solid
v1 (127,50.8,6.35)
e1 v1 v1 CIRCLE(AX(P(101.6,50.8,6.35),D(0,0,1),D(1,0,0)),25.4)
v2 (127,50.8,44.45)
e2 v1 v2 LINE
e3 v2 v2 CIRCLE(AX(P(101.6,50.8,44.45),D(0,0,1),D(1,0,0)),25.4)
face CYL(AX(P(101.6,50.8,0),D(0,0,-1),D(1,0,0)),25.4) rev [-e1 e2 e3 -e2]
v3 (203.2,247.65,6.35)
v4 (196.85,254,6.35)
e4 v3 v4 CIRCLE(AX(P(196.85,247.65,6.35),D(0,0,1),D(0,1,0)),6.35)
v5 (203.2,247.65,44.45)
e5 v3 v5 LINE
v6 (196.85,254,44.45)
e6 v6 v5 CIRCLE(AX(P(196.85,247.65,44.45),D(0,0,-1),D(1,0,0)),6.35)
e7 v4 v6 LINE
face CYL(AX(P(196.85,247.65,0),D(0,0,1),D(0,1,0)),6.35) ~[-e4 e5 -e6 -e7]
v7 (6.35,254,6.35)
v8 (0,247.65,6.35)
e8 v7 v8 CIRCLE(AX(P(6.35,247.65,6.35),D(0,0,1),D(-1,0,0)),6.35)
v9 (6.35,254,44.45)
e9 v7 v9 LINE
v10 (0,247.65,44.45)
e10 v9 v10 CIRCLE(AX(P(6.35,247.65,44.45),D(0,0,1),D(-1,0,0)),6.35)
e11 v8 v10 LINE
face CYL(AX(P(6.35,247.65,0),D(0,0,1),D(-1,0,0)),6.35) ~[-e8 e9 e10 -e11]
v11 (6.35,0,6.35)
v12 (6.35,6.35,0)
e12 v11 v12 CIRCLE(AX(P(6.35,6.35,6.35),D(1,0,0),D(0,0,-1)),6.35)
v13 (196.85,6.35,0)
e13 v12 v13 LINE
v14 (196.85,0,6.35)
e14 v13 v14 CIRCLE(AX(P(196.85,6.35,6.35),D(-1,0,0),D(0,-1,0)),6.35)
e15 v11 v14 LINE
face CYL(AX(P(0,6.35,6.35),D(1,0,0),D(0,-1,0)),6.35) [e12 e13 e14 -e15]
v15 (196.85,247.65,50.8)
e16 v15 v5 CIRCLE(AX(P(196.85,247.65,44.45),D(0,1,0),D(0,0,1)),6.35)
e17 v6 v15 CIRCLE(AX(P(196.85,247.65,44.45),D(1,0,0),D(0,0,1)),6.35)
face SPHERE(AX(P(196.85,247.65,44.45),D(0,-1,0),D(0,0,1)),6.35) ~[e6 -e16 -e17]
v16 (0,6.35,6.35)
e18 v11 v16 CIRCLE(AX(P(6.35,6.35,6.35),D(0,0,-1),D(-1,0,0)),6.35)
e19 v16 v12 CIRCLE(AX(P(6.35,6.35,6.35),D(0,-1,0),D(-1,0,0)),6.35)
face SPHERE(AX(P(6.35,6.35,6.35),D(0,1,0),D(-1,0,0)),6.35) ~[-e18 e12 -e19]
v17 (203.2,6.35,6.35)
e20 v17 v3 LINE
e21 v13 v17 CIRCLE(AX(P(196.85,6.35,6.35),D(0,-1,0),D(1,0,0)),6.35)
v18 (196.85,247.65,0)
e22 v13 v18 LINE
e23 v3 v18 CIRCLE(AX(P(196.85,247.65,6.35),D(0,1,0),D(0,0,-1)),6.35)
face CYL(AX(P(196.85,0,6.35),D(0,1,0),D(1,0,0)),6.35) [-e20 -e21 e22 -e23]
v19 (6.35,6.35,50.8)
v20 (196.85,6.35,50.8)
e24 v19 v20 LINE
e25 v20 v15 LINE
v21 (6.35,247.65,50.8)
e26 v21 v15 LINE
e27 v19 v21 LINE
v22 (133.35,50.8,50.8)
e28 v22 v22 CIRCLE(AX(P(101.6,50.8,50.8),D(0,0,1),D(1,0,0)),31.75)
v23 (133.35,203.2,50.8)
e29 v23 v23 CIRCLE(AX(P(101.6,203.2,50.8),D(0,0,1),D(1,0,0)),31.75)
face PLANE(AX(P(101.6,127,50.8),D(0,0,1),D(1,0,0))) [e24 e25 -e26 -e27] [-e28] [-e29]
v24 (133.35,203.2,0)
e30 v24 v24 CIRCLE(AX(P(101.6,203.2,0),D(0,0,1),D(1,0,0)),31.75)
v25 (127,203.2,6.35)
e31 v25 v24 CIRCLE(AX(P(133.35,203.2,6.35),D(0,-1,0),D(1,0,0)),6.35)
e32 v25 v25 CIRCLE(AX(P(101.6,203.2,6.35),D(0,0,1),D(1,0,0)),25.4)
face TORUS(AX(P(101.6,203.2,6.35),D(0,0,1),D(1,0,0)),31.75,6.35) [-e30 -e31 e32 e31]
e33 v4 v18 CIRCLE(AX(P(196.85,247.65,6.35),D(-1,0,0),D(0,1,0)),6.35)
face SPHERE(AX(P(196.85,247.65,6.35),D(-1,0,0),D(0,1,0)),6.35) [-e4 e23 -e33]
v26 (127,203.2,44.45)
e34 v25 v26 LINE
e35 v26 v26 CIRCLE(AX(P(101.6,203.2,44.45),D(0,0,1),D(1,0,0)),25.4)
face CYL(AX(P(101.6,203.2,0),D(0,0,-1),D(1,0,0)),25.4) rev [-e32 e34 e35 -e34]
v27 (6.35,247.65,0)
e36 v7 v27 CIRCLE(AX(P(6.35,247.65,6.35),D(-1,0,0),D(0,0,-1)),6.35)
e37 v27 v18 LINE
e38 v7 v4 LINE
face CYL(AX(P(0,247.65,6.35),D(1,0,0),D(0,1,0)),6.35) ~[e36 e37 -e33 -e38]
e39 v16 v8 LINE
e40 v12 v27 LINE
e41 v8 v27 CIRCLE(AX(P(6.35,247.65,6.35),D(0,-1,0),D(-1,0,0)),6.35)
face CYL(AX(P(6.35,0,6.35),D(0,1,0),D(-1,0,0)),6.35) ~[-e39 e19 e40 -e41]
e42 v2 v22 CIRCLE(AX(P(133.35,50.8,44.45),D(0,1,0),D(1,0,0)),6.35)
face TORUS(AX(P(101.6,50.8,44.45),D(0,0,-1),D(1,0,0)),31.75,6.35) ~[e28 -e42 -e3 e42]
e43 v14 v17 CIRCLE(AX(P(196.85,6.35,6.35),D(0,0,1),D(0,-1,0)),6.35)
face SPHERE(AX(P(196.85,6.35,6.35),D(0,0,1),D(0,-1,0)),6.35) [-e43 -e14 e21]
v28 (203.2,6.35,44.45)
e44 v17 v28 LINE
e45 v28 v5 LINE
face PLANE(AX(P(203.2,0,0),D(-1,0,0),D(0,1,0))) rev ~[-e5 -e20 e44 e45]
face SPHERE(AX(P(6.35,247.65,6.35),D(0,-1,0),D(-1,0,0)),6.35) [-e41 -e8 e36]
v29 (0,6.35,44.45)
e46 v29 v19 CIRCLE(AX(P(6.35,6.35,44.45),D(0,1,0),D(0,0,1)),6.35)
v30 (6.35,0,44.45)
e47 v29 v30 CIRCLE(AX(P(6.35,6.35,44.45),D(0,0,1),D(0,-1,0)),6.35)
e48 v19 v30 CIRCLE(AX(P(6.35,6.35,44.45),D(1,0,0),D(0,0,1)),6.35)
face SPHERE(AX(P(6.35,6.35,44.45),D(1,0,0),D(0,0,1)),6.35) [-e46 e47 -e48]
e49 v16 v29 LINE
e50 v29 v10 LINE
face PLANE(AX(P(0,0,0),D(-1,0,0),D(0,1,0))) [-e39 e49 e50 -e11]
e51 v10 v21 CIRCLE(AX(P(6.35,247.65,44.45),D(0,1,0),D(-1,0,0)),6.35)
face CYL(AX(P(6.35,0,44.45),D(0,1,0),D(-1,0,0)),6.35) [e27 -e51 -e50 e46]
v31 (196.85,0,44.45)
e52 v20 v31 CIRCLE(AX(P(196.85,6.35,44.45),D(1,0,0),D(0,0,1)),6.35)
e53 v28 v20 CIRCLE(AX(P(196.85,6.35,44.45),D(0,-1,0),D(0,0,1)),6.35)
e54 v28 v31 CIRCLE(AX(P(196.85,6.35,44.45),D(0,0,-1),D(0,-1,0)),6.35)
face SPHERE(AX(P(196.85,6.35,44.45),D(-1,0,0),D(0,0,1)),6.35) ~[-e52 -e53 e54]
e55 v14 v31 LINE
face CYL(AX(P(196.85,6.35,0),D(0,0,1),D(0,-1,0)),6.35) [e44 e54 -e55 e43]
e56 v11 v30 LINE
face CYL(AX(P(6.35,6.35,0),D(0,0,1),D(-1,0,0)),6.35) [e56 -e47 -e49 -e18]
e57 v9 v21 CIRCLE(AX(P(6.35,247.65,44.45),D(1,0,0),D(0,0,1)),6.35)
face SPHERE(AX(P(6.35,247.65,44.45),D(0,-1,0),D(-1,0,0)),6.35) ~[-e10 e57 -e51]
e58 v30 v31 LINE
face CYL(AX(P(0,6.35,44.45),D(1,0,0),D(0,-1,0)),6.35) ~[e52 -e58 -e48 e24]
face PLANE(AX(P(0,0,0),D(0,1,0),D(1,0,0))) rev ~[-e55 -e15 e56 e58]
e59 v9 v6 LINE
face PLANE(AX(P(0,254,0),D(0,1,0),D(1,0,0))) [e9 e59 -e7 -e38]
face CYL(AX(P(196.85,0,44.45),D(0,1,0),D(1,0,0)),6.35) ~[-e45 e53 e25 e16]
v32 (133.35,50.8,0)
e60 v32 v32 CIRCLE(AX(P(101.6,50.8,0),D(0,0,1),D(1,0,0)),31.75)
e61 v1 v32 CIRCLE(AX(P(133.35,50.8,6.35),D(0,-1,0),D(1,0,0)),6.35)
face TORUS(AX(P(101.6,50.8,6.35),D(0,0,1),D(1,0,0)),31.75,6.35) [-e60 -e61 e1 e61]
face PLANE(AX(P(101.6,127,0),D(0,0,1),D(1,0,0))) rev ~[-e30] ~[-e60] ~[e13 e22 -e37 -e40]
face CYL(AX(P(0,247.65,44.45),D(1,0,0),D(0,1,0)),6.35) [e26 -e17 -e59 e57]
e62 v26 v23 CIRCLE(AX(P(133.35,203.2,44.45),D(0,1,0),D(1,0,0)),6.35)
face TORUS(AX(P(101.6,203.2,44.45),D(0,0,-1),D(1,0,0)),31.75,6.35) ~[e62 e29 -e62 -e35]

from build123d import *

# Parameters (mm, degrees)
F0_W     = 203.2
F0_H     = 254
F0_R     = 25.4
F1_DEPTH = 50.8
F2_R     = 6.35


with BuildPart() as f1:
    # F0 (on Top) → F1 (new body)
    with BuildSketch(Plane.XY):
        with Locations((101.6, 127)):
            Rectangle(F0_W, F0_H)
        with Locations((101.6, 50.8)):
            Circle(F0_R, mode=Mode.SUBTRACT)
        with Locations((101.6, 203.2)):
            Circle(F0_R, mode=Mode.SUBTRACT)
    extrude(amount=F1_DEPTH)

    # F2
    f2_edges = [f1.edges().sort_by_distance(p)[0] for p in [
        (76.2, 203.2, 50.8),
        (76.2, 50.8, 50.8),
        (101.6, 0, 50.8),
        (203.2, 127, 50.8),
        (0, 127, 50.8),
        (0, 127, 0),
        (0, 0, 25.4),
        (0, 254, 25.4),
        (101.6, 254, 50.8),
        (101.6, 254, 0),
        (203.2, 254, 25.4),
        (203.2, 0, 25.4),
        (101.6, 0, 0),
        (203.2, 127, 0),
        (76.2, 50.8, 0),
        (76.2, 203.2, 0),
    ]]
    fillet(f2_edges, radius=F2_R)


solid = f1.part
